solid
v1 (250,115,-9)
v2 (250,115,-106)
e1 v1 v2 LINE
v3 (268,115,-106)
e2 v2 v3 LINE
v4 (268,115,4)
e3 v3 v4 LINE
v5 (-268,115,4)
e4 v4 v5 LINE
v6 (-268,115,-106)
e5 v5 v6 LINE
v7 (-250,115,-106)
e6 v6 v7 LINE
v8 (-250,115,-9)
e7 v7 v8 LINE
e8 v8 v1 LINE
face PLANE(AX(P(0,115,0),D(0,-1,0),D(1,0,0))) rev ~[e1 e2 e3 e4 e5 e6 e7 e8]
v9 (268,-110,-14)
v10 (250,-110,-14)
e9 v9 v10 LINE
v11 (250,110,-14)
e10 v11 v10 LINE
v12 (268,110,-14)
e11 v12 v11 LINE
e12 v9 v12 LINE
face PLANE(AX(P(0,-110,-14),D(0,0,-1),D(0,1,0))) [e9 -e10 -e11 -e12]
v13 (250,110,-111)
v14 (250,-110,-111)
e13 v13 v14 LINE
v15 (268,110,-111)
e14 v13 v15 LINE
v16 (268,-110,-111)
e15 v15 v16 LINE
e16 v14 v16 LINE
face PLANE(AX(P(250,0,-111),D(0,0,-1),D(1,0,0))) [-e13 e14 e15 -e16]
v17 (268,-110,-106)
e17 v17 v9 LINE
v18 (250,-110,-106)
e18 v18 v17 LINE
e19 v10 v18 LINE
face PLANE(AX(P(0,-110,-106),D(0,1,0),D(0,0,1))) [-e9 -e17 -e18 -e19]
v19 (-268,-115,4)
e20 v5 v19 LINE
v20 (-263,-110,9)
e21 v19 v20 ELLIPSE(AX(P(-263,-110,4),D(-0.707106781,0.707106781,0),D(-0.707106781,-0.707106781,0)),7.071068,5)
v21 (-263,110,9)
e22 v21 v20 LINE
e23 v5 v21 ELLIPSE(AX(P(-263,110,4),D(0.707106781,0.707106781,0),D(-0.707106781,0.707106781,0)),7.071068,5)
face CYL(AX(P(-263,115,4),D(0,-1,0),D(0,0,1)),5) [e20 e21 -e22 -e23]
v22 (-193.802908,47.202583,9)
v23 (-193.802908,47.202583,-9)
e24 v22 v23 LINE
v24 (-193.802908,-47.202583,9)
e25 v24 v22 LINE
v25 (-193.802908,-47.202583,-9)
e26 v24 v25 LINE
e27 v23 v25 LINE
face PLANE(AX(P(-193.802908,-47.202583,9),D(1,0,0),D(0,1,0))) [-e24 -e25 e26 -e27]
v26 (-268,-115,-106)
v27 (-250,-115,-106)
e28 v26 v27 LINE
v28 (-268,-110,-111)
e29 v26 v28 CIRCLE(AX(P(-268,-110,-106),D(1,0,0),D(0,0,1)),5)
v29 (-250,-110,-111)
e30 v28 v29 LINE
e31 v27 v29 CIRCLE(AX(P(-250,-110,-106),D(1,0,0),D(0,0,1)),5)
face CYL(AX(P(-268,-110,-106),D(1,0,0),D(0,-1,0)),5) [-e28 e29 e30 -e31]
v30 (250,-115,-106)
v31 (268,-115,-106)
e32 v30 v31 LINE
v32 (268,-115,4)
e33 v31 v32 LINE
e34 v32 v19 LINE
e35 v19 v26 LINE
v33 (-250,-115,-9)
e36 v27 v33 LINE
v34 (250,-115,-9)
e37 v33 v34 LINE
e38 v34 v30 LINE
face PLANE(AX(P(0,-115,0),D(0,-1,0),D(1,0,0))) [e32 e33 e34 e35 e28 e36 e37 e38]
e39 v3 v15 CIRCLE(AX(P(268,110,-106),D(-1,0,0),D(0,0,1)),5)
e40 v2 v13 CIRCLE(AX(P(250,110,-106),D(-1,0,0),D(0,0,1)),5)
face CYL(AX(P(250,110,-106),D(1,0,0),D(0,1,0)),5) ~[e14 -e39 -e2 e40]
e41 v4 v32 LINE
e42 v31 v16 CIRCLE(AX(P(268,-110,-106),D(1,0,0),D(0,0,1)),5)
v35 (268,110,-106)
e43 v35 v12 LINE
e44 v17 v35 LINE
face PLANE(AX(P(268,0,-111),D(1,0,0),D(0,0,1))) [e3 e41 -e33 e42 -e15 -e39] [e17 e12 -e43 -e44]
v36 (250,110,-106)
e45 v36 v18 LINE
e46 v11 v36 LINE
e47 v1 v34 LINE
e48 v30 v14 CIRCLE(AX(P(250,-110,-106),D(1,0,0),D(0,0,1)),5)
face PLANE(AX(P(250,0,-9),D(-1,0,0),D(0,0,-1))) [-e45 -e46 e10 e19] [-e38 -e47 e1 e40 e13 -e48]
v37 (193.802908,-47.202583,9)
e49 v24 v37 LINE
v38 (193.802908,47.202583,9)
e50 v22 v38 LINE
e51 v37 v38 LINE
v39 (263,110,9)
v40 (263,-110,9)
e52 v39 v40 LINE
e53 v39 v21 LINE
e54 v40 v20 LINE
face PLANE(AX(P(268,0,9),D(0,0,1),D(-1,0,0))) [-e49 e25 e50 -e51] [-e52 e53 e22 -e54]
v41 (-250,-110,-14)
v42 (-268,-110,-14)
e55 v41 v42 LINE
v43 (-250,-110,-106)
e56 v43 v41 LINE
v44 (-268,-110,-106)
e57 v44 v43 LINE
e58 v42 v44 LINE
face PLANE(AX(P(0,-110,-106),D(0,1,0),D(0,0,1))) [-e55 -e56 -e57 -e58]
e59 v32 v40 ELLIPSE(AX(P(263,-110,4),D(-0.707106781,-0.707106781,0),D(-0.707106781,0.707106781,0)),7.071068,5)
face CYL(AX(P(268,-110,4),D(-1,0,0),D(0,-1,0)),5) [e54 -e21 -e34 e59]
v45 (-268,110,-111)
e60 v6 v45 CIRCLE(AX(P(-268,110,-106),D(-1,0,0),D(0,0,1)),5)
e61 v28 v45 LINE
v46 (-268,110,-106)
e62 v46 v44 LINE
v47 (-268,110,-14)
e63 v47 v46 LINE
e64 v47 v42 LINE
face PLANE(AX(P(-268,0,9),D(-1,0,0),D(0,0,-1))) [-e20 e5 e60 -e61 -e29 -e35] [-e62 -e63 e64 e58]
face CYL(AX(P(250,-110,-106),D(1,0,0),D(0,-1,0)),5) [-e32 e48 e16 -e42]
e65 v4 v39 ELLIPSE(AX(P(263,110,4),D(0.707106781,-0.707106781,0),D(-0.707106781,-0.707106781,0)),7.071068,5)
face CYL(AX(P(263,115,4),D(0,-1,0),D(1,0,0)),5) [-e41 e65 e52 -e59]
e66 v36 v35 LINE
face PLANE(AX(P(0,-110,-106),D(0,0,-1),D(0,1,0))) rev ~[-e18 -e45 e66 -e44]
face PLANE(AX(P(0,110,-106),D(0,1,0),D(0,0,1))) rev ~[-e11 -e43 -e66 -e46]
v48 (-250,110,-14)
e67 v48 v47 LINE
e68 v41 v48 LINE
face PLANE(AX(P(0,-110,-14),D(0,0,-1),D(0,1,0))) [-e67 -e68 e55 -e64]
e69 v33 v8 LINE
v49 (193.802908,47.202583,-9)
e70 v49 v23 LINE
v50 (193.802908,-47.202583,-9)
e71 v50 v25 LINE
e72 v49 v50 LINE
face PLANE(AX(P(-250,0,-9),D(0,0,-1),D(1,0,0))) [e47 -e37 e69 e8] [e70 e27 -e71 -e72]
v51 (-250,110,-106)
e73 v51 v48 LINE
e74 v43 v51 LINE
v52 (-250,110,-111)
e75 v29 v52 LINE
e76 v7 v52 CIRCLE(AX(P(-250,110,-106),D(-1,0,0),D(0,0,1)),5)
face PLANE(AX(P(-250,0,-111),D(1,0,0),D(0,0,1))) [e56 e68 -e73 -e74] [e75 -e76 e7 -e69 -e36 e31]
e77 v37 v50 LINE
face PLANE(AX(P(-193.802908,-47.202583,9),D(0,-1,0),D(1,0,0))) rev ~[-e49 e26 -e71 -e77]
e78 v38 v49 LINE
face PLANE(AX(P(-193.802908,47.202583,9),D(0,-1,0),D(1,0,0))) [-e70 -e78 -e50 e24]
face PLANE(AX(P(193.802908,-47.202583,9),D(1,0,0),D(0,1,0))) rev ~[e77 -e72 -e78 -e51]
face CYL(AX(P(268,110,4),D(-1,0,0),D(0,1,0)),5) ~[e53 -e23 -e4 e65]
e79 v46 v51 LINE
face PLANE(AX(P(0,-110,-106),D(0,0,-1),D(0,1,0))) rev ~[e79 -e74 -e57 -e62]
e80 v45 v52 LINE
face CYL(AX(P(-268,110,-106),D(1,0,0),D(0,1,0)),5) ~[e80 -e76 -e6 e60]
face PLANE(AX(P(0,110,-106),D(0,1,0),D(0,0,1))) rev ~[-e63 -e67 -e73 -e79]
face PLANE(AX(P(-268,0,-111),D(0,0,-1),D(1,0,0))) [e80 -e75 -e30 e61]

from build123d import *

# Parameters (mm, degrees)
F0_W     = 500
F0_H     = 18
F1_DEPTH = 115
F2_W     = 220
F2_H     = 92
F3_DEPTH = 275
F4_R     = 5
F5_W     = 387.605816
F5_H     = 94.405166
F6_DEPTH = 120.001


with BuildPart() as f1:
    # F0 (on Front) → F1 (new body, symmetric)
    with BuildSketch(Plane.XZ):
        Rectangle(F0_W, F0_H)
        Polygon((-250, -111), (-250, -9), (-250, 9), (-268, 9), (-268, -111), align=None)
        Polygon((250, 9), (250, -9), (250, -111), (268, -111), (268, 9), align=None)
    extrude(amount=F1_DEPTH, both=True)

    # F2 (on Right) → F3 (cut, symmetric)
    with BuildSketch(Plane.YZ):
        with Locations((0, -60)):
            Rectangle(F2_W, F2_H)
    extrude(amount=F3_DEPTH, both=True, mode=Mode.SUBTRACT)

    # F4
    f4_edges = [f1.edges().sort_by_distance(p)[0] for p in [
        (259, 115, -111),
        (-259, 115, -111),
        (-259, -115, -111),
        (259, -115, -111),
        (0, -115, 9),
        (0, 115, 9),
        (-268, 0, 9),
        (268, 0, 9),
    ]]
    fillet(f4_edges, radius=F4_R)

    # F5 (on face) → F6 (cut, through all)
    with BuildSketch(Plane.XY.offset(9)):
        Rectangle(F5_W, F5_H)
    extrude(amount=-F6_DEPTH, mode=Mode.SUBTRACT)


solid = f1.part
